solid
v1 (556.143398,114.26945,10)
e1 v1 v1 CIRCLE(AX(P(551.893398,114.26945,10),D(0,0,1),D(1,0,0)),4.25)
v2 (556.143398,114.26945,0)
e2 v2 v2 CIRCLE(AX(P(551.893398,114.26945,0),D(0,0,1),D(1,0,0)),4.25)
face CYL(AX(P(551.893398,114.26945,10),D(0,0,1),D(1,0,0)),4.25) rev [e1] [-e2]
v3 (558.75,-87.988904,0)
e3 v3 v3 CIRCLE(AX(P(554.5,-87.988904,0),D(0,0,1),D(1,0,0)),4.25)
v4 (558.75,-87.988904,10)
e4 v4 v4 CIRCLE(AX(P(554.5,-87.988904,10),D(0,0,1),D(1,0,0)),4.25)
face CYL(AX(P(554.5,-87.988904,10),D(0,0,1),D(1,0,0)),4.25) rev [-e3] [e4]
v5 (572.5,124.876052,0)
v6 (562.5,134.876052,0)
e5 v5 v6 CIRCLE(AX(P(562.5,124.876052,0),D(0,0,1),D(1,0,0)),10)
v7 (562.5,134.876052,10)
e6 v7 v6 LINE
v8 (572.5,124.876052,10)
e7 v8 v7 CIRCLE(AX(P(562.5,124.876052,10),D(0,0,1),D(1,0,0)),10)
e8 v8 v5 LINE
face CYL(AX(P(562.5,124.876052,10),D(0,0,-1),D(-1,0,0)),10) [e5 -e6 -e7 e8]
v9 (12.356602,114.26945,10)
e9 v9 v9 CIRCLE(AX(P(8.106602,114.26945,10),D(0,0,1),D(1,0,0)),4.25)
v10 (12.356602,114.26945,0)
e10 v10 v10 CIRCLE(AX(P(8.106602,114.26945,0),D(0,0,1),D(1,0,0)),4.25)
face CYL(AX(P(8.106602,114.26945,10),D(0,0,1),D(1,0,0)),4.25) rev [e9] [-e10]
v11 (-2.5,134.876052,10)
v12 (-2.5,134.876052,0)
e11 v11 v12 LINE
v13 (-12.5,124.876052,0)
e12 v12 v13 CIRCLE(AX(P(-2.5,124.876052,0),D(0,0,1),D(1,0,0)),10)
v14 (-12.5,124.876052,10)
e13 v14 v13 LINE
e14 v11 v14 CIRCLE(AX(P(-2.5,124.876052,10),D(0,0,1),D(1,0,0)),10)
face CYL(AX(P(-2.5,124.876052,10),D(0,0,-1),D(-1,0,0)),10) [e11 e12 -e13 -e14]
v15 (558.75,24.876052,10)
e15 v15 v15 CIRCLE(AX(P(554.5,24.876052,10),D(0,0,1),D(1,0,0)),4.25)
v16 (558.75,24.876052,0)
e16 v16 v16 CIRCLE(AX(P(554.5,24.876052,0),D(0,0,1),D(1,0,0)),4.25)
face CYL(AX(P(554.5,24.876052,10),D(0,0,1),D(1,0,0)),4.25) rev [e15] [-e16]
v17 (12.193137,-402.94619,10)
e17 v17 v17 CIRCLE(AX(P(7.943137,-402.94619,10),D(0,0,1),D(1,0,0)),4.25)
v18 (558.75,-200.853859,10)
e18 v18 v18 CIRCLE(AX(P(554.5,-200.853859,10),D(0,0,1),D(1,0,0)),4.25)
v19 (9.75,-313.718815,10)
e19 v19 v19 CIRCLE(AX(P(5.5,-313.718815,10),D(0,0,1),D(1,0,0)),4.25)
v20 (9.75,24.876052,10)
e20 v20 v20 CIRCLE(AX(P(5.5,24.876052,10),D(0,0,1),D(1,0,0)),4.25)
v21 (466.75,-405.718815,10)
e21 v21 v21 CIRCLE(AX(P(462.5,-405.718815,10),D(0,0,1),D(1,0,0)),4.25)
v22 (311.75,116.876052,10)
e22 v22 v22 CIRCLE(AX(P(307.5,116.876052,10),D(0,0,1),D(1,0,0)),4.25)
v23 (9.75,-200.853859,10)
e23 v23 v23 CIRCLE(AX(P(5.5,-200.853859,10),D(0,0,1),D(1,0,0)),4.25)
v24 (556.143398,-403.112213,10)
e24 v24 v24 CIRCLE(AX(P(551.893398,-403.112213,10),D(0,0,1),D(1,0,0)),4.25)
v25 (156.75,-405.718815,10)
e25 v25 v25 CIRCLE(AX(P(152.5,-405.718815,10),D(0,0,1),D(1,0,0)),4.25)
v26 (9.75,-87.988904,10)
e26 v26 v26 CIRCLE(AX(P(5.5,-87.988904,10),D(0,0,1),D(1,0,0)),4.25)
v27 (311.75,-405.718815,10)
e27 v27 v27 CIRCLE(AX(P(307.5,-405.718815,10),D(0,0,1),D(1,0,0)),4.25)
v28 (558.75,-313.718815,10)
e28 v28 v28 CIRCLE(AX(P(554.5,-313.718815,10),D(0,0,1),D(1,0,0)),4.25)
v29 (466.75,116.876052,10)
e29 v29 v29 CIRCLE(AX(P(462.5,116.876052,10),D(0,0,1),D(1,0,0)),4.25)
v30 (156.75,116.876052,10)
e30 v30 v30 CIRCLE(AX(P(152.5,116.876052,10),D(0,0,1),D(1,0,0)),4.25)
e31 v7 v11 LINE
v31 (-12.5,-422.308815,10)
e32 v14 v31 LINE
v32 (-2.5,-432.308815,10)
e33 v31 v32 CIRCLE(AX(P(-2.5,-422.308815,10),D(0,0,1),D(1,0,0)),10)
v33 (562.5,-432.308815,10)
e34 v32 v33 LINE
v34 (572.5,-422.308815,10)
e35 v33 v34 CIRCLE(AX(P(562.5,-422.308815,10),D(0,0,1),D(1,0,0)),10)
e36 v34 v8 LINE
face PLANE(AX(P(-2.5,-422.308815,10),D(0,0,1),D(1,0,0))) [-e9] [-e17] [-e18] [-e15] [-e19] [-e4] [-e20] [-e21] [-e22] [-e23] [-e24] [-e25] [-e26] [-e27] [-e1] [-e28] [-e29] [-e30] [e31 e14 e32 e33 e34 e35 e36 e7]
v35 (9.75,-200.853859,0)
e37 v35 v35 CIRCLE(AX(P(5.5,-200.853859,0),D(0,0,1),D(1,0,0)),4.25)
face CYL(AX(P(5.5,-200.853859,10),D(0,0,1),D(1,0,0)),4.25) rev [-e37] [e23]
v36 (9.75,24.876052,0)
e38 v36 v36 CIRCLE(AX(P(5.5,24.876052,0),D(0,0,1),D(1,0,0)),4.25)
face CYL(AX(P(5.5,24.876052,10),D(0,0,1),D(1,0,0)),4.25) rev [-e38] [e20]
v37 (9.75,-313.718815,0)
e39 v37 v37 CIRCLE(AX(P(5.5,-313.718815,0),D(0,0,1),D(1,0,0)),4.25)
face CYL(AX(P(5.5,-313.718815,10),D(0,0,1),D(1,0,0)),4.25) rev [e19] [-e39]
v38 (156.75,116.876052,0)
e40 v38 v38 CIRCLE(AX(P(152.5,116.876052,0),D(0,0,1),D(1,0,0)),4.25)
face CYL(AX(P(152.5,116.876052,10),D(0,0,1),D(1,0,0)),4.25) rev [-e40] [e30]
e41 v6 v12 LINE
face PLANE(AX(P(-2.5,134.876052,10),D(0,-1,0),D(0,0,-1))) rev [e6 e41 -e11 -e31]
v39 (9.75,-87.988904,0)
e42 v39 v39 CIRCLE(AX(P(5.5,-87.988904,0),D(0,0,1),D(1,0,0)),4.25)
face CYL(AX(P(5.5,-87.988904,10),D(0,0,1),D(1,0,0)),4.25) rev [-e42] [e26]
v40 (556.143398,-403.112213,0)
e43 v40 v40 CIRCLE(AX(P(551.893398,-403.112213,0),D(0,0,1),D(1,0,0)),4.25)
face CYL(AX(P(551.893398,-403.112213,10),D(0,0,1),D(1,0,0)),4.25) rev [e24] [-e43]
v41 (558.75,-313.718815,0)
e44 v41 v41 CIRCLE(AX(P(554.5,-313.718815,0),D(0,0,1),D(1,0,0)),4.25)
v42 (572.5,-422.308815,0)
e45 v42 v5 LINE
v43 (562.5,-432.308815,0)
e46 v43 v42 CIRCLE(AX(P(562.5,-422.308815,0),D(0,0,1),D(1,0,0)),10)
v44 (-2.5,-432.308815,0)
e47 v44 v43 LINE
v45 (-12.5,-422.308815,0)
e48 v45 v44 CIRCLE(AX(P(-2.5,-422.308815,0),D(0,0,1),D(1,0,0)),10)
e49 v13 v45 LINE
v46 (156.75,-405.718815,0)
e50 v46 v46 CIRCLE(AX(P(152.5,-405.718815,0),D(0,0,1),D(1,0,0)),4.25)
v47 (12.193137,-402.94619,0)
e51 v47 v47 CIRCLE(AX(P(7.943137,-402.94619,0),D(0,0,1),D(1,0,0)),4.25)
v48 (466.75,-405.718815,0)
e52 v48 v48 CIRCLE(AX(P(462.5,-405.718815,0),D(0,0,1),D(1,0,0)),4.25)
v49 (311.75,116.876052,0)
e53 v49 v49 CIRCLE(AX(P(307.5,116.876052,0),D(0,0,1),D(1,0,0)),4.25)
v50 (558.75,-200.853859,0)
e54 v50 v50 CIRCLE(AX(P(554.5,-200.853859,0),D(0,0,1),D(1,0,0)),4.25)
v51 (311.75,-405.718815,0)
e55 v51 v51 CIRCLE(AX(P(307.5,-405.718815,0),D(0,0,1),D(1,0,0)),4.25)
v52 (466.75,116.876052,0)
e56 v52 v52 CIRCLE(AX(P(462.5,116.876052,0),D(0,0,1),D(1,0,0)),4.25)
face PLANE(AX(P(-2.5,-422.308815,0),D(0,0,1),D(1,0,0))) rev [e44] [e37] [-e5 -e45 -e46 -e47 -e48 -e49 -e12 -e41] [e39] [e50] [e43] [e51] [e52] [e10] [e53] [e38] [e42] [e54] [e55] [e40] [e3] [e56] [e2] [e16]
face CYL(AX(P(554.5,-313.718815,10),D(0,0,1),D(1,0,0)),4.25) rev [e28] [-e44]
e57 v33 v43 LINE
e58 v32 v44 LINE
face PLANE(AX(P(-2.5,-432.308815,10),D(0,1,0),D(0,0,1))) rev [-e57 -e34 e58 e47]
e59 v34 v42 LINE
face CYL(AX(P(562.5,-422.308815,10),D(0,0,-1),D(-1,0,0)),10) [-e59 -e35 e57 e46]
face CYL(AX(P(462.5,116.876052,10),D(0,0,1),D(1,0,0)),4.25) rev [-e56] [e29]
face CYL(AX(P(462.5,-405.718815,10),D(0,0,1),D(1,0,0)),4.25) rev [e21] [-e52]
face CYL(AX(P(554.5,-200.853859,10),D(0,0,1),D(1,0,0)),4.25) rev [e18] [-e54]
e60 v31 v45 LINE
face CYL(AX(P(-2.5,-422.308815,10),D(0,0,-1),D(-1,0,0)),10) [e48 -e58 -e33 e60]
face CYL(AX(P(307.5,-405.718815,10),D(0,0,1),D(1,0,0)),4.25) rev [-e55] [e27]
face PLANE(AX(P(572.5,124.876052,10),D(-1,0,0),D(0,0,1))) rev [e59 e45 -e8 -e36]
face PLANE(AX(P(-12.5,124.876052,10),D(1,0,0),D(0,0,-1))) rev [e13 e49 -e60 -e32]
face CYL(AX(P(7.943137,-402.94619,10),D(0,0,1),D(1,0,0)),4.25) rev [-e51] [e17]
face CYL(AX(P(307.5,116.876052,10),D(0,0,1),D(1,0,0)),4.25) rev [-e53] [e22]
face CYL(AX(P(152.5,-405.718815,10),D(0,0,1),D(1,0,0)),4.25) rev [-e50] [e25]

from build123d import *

# Parameters (mm, degrees)
BOSS_EXTRUDE1_DEPTH    = 10
M10X1_5_TAPPED_HOLE2_D = 8.5


with BuildPart() as part:
    # Sketch1 → Boss-Extrude1 (new body)
    with BuildSketch(Plane.XY):
        with BuildLine():
            Line((-2.5, -432.308814801), (562.5, -432.308814801))
            ThreePointArc((562.5, -432.308814801), (569.571067812, -429.379882613), (572.5, -422.308814801))
            Line((572.5, -422.308814801), (572.5, 124.876051617))
            ThreePointArc((572.5, 124.876051617), (569.571067812, 131.947119429), (562.5, 134.876051617))
            Line((562.5, 134.876051617), (-2.5, 134.876051617))
            ThreePointArc((-2.5, 134.876051617), (-9.571067812, 131.947119429), (-12.5, 124.876051617))
            Line((-12.5, 124.876051617), (-12.5, -422.308814801))
            ThreePointArc((-12.5, -422.308814801), (-9.571067812, -429.379882613), (-2.5, -432.308814801))
        make_face()
    extrude(amount=BOSS_EXTRUDE1_DEPTH)

    # M10x1.5 Tapped Hole2 (through all)
    with Locations(Plane.XY.offset(10)):
        with Locations((8.106601718, 114.269449899), (152.5, 116.876051617), (307.5, 116.876051617), (462.5, 116.876051617), (551.893398282, 114.269449899), (554.5, 24.876051617), (554.5, -87.988903856), (554.5, -200.853859328), (554.5, -313.718814801), (551.893398282, -403.112213083), (462.5, -405.718814801), (307.5, -405.718814801), (152.5, -405.718814801), (7.943137307, -402.946189682), (5.5, -313.718814801), (5.5, -200.853859328), (5.5, -87.988903856), (5.5, 24.876051617)):
            Hole(M10X1_5_TAPPED_HOLE2_D / 2)


solid = part.part
